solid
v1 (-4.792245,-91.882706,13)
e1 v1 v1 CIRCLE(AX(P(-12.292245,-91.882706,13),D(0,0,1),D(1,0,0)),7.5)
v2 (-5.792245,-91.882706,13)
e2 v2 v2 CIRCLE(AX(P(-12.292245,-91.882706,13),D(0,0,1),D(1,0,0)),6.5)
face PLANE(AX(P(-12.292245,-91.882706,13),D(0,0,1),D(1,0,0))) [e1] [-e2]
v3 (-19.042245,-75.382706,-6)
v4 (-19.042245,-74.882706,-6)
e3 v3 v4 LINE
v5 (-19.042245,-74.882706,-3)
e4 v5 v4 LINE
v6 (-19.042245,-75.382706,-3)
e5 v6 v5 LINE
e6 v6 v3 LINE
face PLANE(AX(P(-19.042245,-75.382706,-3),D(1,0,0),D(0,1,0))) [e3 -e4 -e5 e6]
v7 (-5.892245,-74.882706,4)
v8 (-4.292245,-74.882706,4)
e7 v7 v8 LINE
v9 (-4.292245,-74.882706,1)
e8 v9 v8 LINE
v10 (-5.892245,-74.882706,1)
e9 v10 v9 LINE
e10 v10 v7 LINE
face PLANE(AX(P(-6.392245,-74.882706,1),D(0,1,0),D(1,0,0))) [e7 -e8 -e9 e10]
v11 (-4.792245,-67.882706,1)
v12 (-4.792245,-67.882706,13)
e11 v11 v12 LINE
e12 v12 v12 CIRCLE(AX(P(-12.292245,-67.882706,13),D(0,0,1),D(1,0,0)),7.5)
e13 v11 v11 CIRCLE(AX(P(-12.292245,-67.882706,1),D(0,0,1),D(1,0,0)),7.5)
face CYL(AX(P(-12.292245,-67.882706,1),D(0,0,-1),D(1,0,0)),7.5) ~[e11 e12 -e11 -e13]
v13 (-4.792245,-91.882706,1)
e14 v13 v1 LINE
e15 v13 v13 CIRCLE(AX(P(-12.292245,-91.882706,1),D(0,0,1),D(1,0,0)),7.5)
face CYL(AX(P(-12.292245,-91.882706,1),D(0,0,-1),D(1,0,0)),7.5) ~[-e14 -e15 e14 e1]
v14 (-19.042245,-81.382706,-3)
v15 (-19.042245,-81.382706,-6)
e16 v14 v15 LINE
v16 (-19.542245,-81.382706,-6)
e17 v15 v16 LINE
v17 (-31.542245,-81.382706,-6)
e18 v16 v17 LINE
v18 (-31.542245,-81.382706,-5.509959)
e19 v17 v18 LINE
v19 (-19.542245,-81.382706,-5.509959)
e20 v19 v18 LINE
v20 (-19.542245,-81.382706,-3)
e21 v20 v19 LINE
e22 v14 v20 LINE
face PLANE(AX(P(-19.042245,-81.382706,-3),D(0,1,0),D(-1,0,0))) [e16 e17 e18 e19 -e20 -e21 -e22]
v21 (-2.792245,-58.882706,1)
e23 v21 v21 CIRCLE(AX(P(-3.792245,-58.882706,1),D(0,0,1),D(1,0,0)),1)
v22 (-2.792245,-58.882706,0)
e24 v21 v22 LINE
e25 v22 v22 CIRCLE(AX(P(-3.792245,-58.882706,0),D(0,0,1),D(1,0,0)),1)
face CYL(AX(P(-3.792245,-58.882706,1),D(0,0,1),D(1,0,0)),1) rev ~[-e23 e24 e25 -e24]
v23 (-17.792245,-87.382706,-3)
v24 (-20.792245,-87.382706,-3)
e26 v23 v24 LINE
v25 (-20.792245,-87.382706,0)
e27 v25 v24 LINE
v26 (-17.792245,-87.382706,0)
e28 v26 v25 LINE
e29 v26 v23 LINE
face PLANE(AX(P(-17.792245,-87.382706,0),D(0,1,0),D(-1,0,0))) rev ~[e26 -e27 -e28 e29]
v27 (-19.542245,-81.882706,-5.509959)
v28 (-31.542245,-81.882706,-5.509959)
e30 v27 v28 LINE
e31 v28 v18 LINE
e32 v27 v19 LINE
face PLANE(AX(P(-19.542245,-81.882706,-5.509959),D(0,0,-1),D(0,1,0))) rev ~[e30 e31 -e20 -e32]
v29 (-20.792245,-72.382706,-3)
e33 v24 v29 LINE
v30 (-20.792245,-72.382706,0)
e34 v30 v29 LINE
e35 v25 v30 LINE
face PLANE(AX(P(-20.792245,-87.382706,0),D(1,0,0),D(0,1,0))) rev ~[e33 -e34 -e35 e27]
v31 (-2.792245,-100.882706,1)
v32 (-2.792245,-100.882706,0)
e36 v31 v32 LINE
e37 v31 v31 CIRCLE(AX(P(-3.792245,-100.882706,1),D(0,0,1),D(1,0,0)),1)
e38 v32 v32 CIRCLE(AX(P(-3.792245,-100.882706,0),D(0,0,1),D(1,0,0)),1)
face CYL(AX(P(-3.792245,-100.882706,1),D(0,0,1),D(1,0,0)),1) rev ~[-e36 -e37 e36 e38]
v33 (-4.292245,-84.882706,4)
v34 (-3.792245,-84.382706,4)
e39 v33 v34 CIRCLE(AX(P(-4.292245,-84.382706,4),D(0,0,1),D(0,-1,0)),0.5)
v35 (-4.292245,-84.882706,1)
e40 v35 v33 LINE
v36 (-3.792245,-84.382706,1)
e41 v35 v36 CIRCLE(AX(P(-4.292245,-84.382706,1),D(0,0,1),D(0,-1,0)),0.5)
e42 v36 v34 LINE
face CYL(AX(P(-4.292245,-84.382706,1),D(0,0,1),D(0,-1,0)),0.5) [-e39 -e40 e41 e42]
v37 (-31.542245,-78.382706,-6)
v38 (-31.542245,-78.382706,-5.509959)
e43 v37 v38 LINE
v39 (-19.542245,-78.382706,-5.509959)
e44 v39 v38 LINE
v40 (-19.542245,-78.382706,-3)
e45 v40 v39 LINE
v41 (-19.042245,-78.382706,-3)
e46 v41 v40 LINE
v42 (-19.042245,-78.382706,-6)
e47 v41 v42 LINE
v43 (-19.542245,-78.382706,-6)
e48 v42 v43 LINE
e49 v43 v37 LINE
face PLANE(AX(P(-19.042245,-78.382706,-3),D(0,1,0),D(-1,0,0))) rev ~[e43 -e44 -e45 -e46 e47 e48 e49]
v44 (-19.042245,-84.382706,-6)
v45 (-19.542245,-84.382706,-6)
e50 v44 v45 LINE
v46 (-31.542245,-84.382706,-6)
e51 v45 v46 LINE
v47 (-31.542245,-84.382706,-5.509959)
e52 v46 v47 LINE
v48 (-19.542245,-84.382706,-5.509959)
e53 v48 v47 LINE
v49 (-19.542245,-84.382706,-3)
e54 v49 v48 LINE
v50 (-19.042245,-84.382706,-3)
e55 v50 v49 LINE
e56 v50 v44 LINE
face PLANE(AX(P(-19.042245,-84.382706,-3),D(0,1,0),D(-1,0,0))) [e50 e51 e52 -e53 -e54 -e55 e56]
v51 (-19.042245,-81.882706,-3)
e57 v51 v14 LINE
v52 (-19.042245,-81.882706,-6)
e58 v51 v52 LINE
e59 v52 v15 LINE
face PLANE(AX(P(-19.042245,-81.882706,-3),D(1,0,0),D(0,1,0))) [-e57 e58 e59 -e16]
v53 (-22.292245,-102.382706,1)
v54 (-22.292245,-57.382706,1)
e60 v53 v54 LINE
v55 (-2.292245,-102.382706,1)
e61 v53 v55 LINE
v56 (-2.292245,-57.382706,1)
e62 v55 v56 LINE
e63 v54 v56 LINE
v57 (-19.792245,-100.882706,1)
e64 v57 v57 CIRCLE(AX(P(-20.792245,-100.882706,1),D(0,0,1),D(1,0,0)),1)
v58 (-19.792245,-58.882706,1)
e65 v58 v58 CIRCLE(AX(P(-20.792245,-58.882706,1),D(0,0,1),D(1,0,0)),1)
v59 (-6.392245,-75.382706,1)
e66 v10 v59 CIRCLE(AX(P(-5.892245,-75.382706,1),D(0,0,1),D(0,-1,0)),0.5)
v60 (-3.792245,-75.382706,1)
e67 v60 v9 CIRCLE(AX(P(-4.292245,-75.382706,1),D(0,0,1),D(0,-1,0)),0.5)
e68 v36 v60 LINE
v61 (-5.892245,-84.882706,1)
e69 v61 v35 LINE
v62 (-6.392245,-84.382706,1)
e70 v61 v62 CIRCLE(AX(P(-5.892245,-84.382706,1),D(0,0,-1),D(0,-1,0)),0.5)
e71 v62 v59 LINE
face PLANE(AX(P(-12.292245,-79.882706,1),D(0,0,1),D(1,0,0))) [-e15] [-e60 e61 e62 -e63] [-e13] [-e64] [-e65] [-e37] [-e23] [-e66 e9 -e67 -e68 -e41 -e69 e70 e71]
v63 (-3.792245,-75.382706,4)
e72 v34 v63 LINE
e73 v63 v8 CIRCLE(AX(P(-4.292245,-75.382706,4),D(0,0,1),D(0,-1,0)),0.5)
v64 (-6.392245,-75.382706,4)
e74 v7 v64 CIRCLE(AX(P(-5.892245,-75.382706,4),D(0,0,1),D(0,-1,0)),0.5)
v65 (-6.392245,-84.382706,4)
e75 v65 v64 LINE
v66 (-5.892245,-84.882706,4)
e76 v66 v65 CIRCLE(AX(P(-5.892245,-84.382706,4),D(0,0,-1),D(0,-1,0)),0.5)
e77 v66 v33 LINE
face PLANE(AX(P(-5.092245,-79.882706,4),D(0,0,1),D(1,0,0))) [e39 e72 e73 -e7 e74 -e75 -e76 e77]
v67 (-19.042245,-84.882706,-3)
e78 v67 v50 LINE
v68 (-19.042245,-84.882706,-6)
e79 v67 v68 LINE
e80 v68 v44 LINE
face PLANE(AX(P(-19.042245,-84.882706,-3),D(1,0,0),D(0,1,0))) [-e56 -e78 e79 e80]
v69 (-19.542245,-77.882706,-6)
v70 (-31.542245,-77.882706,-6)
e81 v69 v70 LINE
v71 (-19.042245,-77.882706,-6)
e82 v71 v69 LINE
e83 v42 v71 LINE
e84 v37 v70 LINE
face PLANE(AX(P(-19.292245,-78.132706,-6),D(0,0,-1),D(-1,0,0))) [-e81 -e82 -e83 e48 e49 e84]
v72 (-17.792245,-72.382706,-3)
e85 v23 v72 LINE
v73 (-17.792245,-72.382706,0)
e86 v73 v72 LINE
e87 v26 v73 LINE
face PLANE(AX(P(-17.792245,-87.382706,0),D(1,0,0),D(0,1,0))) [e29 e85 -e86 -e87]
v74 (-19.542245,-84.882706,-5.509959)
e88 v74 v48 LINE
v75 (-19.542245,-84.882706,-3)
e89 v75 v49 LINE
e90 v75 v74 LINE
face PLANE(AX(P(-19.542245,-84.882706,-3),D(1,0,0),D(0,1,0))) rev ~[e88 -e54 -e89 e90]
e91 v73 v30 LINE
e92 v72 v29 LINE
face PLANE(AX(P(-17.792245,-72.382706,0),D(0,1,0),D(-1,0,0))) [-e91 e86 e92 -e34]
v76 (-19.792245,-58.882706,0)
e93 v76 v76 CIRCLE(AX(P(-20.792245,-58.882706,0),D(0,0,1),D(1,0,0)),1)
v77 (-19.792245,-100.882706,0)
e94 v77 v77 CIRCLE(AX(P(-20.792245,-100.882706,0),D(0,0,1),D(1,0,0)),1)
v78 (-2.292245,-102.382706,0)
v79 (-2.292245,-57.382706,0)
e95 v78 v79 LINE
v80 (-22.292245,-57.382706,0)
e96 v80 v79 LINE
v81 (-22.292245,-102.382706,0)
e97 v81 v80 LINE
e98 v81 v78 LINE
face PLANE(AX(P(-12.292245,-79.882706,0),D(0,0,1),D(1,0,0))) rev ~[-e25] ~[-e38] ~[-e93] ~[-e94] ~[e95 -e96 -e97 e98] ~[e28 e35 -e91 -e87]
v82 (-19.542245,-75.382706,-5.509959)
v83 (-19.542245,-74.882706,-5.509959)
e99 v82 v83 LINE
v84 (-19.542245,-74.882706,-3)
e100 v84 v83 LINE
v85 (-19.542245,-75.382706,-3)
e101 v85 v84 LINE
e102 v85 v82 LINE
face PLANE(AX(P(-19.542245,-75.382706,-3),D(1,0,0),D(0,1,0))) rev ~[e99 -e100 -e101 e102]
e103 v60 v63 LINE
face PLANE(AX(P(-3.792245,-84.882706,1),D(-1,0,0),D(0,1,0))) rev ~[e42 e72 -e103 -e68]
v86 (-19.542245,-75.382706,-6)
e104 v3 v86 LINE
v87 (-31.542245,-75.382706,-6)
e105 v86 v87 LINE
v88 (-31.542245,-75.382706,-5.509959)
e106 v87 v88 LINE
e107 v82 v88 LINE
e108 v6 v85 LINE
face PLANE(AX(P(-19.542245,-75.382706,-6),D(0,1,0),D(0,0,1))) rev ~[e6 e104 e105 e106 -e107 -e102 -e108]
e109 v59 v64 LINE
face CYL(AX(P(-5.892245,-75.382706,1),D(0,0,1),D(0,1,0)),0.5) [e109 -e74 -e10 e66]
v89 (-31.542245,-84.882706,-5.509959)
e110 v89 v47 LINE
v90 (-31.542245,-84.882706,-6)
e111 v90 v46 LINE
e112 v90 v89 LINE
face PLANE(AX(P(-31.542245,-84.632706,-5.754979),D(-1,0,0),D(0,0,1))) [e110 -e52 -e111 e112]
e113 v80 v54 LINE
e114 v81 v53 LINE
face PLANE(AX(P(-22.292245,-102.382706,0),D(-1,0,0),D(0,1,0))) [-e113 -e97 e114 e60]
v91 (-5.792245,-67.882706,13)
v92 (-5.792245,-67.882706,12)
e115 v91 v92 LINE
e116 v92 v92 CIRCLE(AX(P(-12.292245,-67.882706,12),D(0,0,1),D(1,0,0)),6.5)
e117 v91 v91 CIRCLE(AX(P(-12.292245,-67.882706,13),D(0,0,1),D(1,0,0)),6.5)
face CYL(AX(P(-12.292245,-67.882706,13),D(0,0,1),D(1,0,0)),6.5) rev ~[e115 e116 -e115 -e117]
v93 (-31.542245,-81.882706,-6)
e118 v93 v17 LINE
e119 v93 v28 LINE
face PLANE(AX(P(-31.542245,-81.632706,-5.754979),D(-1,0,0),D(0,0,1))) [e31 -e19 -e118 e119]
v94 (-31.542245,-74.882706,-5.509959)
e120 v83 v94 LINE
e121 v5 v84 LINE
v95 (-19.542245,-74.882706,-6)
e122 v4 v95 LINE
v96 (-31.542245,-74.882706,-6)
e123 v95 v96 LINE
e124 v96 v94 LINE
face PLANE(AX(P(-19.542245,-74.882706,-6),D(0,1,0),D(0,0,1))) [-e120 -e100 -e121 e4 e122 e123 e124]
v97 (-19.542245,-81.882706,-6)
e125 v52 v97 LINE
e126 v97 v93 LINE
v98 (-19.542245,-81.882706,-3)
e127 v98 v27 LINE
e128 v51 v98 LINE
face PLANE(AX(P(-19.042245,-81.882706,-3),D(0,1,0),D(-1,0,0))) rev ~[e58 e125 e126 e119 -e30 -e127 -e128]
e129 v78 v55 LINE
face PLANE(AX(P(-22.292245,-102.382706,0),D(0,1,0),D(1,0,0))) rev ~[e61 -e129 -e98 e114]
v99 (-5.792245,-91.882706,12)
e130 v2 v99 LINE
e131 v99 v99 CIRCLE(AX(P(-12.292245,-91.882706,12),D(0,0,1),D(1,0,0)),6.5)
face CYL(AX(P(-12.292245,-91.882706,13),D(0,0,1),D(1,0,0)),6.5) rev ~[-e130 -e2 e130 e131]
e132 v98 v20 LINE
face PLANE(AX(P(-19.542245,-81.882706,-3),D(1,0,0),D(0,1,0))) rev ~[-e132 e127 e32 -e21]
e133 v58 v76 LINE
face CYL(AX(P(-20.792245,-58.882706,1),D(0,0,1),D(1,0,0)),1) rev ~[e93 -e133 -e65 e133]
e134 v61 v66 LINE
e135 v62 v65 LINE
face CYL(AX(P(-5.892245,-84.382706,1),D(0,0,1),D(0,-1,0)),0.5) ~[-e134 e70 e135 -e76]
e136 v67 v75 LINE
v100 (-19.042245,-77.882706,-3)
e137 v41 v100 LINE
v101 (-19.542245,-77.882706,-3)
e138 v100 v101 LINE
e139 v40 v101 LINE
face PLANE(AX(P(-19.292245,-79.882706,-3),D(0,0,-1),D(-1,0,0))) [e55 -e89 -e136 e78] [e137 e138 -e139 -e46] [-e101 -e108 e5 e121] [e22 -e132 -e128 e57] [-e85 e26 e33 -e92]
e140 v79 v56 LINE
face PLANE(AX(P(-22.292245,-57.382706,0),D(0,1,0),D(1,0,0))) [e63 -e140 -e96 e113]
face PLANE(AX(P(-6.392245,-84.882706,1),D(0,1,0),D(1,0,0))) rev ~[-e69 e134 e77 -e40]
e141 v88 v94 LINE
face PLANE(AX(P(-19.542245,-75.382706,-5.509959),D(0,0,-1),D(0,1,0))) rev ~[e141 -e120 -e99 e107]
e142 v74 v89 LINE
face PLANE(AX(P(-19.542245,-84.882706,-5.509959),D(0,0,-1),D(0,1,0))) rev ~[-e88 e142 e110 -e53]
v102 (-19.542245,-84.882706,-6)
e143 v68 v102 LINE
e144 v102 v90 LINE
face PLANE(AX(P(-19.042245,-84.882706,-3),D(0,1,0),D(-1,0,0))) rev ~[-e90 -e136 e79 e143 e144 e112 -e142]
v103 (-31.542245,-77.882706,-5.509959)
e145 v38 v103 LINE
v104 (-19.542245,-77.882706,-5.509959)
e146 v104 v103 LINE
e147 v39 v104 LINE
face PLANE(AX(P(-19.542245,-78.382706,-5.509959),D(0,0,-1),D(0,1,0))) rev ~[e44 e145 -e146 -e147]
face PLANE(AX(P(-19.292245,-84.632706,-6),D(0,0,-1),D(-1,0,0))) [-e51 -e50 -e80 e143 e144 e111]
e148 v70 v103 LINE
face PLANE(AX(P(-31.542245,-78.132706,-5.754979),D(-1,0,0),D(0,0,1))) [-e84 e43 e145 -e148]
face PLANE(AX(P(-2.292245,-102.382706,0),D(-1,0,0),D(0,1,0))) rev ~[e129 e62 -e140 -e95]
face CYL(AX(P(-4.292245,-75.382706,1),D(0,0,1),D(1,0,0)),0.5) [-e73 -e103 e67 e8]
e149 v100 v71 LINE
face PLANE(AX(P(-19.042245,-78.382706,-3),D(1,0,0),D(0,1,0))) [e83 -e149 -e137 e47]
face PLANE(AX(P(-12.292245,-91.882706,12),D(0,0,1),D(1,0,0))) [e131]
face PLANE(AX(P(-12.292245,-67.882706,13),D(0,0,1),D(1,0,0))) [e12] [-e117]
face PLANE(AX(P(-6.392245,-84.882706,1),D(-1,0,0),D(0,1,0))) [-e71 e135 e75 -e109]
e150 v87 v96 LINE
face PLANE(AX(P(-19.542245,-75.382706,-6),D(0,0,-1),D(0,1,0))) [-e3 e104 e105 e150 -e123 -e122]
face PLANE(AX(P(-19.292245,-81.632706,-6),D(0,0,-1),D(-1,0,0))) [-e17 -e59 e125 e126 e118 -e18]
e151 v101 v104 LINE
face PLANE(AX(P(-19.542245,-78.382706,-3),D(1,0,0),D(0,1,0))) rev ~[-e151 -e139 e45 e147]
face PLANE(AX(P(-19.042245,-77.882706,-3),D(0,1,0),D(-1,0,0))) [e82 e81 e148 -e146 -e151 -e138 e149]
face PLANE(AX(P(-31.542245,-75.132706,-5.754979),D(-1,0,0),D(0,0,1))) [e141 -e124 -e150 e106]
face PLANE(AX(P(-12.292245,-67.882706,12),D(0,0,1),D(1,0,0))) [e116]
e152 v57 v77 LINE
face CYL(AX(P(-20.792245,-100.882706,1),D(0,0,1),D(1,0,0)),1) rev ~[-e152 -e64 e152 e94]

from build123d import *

# Parameters (mm, degrees)
SKETCH1_W           = 20
SKETCH1_H           = 45
BOSS_EXTRUDE1_DEPTH = 1
SKETCH2_R           = 7.5
BOSS_EXTRUDE2_DEPTH = 12
SKETCH3_R           = 6.5
CUT_EXTRUDE1_DEPTH  = 1
SKETCH4_W           = 2.6
SKETCH4_H           = 10
BOSS_EXTRUDE3_DEPTH = 3
FILLET1_R           = 0.5
SKETCH5_W           = 3
SKETCH5_H           = 15
BOSS_EXTRUDE4_DEPTH = 3
SKETCH6_W           = 0.5
SKETCH6_H           = 0.5
BOSS_EXTRUDE5_DEPTH = 3
SKETCH7_W           = 0.490041207
SKETCH7_H           = 0.5
BOSS_EXTRUDE6_DEPTH = 12
SKETCH8_R           = 1
CUT_EXTRUDE2_DEPTH  = 3


with BuildPart() as part:
    # Sketch1 → Boss-Extrude1 (new body)
    with BuildSketch(Plane.XY):
        with Locations((-12.292244857, -79.882705913)):
            Rectangle(SKETCH1_W, SKETCH1_H)
    extrude(amount=BOSS_EXTRUDE1_DEPTH)

    # Sketch2 → Boss-Extrude2 (add)
    with BuildSketch(Plane.XY.offset(1)):
        with Locations((-12.292244857, -67.882705913)):
            Circle(SKETCH2_R)
        with Locations((-12.292244857, -91.882705913)):
            Circle(SKETCH2_R)
    extrude(amount=BOSS_EXTRUDE2_DEPTH)

    # Sketch3 → Cut-Extrude1 (cut)
    with BuildSketch(Plane.XY.offset(13)):
        with Locations((-12.292244857, -67.882705913)):
            Circle(SKETCH3_R)
        with Locations((-12.292244857, -91.882705913)):
            Circle(SKETCH3_R)
    extrude(amount=-CUT_EXTRUDE1_DEPTH, mode=Mode.SUBTRACT)

    # Sketch4 → Boss-Extrude3 (add)
    with BuildSketch(Plane.XY.offset(1)):
        with Locations((-5.092244857, -79.882705913)):
            Rectangle(SKETCH4_W, SKETCH4_H)
    extrude(amount=BOSS_EXTRUDE3_DEPTH)

    # Fillet1
    fillet1_edges = [part.edges().sort_by_distance(p)[0] for p in [
        (-6.392244857, -74.882705913, 2.5),
        (-6.392244857, -84.882705913, 2.5),
        (-3.792244857, -84.882705913, 2.5),
        (-3.792244857, -74.882705913, 2.5),
    ]]
    fillet(fillet1_edges, radius=FILLET1_R)

    # Sketch5 → Boss-Extrude4 (add)
    with BuildSketch(Plane(origin=(0, 0, 0), x_dir=(-1, 0, 0), z_dir=(0, 0, -1))):
        with Locations((19.292244857, -79.882705913)):
            Rectangle(SKETCH5_W, SKETCH5_H)
    extrude(amount=BOSS_EXTRUDE4_DEPTH)

    # Sketch6 → Boss-Extrude5 (add)
    with BuildSketch(Plane(origin=(0, 0, -3), x_dir=(-1, 0, 0), z_dir=(0, 0, -1))):
        with Locations((19.292244857, -84.632705913)):
            Rectangle(SKETCH6_W, SKETCH6_H)
        with Locations((19.292244857, -81.632705913)):
            Rectangle(SKETCH6_W, SKETCH6_H)
        with Locations((19.292244857, -78.132705913)):
            Rectangle(SKETCH6_W, SKETCH6_H)
        with Locations((19.292244857, -75.132705913)):
            Rectangle(SKETCH6_W, SKETCH6_H)
    extrude(amount=BOSS_EXTRUDE5_DEPTH)

    # Sketch7 → Boss-Extrude6 (add)
    with BuildSketch(Plane.ZY.offset(19.542244857)):
        with Locations((-5.754979396, -75.132705913)):
            Rectangle(SKETCH7_W, SKETCH7_H)
        with Locations((-5.754979396, -78.132705913)):
            Rectangle(SKETCH7_W, SKETCH7_H)
        with Locations((-5.754979396, -81.632705913)):
            Rectangle(SKETCH7_W, SKETCH7_H)
        with Locations((-5.754979396, -84.632705913)):
            Rectangle(SKETCH7_W, SKETCH7_H)
    extrude(amount=BOSS_EXTRUDE6_DEPTH)

    # Sketch8 → Cut-Extrude2 (cut)
    with BuildSketch(Plane.XY.offset(1)):
        with Locations((-20.792244857, -58.882705913)):
            Circle(SKETCH8_R)
        with Locations((-3.792244857, -58.882705913)):
            Circle(SKETCH8_R)
        with Locations((-3.792244857, -100.882705913)):
            Circle(SKETCH8_R)
        with Locations((-20.792244857, -100.882705913)):
            Circle(SKETCH8_R)
    extrude(amount=-CUT_EXTRUDE2_DEPTH, mode=Mode.SUBTRACT)


solid = part.part
